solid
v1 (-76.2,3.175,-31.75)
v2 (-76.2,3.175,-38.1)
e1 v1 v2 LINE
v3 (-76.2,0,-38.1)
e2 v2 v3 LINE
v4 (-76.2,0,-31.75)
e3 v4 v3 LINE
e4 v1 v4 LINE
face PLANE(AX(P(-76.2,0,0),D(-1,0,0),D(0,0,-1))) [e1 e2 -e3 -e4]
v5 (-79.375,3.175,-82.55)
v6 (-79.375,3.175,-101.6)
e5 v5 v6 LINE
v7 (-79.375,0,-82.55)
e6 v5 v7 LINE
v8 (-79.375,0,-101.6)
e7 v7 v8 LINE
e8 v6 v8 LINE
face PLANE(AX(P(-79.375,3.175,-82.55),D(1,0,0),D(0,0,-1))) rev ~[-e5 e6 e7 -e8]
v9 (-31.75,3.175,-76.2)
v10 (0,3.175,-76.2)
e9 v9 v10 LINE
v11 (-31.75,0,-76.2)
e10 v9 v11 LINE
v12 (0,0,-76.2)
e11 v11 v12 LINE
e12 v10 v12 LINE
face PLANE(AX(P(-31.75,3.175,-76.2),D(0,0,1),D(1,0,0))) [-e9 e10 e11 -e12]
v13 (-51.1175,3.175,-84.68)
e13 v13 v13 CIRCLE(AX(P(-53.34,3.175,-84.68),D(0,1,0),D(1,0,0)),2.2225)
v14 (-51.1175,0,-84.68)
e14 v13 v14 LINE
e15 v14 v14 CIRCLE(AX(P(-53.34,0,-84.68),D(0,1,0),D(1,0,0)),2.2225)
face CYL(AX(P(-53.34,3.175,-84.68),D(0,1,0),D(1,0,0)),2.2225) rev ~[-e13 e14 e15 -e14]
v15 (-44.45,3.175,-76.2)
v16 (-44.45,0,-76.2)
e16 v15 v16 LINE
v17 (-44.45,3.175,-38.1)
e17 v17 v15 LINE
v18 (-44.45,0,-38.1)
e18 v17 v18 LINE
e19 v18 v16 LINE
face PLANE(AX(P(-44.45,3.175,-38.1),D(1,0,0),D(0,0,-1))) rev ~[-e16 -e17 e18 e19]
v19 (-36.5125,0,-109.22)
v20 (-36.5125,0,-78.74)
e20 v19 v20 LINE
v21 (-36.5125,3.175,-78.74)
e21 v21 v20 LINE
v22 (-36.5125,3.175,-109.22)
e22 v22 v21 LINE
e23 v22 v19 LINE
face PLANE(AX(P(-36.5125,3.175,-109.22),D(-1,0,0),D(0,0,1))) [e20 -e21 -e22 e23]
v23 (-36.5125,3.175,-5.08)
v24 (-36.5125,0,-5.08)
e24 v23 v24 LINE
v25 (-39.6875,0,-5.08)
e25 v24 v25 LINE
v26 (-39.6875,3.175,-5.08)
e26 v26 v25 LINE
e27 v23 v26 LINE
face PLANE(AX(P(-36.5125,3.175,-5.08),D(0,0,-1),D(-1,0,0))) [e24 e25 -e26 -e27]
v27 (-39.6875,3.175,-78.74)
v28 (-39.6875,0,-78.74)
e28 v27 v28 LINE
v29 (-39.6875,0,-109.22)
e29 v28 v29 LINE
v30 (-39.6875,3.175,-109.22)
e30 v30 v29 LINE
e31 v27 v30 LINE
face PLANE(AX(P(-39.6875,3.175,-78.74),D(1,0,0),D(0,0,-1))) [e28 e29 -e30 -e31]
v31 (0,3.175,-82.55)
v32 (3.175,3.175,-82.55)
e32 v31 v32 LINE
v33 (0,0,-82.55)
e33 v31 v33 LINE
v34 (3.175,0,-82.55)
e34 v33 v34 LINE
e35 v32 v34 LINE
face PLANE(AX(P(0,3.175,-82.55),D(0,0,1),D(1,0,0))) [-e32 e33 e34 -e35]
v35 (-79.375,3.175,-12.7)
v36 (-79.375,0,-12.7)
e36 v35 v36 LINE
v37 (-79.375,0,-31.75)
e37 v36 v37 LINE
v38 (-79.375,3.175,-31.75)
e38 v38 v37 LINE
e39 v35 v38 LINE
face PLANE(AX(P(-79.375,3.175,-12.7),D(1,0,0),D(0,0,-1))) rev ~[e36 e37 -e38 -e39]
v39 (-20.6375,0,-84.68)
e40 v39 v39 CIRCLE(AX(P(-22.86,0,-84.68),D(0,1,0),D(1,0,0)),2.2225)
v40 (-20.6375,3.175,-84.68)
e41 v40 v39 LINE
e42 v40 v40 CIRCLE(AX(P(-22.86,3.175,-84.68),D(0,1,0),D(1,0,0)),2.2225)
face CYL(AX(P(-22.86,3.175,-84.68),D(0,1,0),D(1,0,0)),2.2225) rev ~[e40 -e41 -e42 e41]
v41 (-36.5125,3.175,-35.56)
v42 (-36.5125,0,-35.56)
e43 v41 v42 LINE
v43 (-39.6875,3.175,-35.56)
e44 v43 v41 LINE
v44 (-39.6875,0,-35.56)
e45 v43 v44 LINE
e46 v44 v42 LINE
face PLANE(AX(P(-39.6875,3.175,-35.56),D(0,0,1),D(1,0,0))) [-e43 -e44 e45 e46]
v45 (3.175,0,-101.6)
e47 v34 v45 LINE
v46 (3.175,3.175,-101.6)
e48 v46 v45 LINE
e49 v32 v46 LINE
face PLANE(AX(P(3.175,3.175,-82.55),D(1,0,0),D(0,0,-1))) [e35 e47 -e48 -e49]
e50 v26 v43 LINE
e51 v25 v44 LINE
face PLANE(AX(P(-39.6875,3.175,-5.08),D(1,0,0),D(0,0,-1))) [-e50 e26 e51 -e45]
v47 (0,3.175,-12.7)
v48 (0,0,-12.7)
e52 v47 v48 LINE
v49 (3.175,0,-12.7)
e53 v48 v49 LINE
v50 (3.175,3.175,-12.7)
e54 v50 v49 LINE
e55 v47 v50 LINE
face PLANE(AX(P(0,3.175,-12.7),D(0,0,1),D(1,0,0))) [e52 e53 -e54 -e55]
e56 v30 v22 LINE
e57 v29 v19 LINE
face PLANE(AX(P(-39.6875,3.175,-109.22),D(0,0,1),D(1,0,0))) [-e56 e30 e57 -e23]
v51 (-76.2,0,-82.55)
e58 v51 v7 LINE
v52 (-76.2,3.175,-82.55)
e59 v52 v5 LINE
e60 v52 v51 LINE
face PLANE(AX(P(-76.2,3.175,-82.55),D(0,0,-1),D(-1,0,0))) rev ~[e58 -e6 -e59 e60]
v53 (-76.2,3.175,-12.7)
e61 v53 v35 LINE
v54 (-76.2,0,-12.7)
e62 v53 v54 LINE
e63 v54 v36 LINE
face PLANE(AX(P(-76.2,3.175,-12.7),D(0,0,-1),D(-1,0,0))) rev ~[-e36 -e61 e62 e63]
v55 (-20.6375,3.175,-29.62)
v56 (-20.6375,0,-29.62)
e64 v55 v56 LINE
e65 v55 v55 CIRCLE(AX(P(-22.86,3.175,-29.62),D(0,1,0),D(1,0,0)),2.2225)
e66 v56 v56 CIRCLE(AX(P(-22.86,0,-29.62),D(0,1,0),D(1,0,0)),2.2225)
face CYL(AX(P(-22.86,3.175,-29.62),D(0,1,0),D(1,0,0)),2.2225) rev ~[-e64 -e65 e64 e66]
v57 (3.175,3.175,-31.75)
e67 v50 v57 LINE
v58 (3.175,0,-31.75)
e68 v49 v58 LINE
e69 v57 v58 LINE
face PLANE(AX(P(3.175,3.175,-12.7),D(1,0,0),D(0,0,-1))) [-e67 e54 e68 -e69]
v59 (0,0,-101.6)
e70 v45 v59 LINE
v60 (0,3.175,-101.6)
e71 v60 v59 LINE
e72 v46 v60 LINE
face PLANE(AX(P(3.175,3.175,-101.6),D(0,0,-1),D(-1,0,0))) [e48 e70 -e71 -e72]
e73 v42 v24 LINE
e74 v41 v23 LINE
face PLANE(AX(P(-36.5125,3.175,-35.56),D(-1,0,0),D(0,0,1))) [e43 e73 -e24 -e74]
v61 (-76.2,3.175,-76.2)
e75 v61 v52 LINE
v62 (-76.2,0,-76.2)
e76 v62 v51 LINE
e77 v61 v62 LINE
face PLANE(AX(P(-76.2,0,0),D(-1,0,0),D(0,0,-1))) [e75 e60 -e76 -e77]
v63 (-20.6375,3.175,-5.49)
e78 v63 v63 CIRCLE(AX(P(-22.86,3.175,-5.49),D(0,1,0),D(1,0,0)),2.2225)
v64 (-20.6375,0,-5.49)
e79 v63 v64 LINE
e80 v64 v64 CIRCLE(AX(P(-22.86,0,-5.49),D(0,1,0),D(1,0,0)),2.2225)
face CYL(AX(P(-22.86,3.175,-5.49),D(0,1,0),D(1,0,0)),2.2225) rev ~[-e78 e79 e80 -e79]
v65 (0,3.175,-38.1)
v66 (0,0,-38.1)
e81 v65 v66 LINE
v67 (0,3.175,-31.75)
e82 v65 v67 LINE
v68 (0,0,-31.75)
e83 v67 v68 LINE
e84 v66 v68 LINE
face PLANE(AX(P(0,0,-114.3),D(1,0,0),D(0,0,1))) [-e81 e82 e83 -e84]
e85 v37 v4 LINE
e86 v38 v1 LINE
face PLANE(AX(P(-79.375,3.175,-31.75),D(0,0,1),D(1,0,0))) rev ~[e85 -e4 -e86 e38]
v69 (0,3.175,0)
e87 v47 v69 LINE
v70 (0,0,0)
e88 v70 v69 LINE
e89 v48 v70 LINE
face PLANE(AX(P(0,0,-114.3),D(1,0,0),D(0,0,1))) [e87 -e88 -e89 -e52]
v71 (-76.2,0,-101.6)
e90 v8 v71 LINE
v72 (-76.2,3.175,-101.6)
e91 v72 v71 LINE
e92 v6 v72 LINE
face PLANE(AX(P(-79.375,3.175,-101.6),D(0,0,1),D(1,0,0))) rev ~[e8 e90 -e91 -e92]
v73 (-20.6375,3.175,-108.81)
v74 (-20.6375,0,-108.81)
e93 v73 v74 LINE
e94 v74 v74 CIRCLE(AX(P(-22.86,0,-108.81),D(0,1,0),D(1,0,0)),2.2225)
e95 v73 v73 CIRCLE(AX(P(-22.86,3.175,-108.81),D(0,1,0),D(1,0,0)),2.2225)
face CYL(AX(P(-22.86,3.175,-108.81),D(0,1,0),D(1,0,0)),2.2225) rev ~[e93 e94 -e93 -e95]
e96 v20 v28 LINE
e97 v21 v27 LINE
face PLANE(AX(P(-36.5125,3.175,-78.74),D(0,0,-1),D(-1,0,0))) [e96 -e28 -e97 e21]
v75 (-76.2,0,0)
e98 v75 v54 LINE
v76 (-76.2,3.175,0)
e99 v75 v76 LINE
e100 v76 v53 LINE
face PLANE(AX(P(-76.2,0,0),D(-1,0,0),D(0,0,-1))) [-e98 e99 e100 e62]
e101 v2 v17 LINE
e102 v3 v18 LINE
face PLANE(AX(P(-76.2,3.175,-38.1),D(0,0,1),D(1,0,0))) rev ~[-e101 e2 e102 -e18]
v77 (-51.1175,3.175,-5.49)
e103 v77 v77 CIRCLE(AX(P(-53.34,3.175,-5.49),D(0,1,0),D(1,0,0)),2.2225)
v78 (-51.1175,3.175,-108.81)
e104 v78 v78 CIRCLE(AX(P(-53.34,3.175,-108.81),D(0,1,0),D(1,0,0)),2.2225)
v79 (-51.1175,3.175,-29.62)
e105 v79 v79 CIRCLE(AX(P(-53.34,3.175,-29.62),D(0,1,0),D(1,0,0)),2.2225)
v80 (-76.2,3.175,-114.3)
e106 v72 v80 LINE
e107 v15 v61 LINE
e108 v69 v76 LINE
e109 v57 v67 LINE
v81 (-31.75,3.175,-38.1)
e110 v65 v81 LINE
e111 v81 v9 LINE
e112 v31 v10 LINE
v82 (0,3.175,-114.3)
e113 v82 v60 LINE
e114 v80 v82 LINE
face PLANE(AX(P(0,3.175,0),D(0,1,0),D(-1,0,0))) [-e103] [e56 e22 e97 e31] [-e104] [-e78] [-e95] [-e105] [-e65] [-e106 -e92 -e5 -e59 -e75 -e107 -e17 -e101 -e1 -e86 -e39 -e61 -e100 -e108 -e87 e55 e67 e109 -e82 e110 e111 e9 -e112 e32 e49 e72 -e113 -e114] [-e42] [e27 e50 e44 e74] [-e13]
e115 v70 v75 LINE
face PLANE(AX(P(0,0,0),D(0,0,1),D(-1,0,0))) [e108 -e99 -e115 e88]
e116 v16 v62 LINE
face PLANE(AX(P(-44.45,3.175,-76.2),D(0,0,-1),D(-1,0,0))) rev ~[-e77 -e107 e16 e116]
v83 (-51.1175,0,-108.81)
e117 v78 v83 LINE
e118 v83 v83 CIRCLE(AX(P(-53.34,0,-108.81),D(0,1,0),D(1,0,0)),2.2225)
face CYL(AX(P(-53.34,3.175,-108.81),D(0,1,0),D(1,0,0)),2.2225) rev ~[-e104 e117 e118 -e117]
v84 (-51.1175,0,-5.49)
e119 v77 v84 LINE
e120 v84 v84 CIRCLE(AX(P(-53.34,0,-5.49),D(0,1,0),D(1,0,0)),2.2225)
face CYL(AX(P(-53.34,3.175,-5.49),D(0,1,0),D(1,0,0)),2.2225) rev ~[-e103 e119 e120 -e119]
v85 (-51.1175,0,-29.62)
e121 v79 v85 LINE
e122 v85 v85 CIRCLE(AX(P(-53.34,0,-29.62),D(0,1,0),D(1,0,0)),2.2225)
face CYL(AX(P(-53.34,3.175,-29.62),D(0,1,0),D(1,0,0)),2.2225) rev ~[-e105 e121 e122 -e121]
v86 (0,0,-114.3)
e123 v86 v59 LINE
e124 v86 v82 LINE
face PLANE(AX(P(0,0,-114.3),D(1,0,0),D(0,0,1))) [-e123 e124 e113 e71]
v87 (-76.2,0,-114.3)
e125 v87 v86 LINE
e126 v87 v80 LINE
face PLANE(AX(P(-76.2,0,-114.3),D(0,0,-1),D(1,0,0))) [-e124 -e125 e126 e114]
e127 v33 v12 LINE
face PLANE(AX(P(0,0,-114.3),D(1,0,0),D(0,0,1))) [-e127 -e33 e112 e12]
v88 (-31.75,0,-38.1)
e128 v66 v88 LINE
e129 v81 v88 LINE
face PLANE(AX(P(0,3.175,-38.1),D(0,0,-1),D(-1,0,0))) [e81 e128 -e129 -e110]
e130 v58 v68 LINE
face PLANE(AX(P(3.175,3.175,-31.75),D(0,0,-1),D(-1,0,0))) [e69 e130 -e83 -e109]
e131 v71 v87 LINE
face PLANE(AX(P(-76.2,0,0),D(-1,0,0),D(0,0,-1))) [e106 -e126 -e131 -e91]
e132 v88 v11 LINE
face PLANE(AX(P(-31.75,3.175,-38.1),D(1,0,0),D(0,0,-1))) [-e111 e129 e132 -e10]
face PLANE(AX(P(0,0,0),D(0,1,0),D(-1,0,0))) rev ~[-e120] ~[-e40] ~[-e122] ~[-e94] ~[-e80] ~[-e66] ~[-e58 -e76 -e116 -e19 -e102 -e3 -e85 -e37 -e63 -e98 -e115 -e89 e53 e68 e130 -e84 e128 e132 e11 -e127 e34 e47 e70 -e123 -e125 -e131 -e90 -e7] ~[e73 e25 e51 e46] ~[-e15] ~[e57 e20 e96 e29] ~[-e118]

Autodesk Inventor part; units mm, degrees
ref_plane "YZ Plane" through (0, 0, 0) normal (1, 0, 0) x (0, 1, 0)
ref_plane "XZ Plane" through (0, 0, 0) normal (0, 1, 0) x (-1, 0, 0)
ref_plane "XY Plane" through (0, 0, 0) normal (0, 0, 1) x (1, 0, 0)
sketch "Sketch1" plane through (0, 0, 0) normal (0, 1, 0) x (-1, 0, 0)
  line L0 (0, 0) -> (76.2, 0)
  line L1 (76.2, 0) -> (76.2, -114.3)
  line L2 (76.2, -114.3) -> (0, -114.3)
  line L3 (0, -114.3) -> (0, 0)
  dimension "d0" = 76.2
  dimension "d1" = 114.3
extrude "Extrusion1" add sketch "Sketch1" along normal blind 3.175
sketch "Sketch2" plane through (0, 3.175, 0) normal (0, 1, 0) x (1, 0, 0)
  line L0 (0, 12.7) -> (3.175, 12.7)
  line L1 (3.175, 12.7) -> (3.175, 31.75)
  line L2 (3.175, 31.75) -> (0, 31.75)
  line L3 (0, 31.75) -> (0, 12.7)
  line L4 (0, 0) -> (0, 114.3) projected
  line L5 (0, 82.55) -> (3.175, 82.55)
  line L6 (3.175, 82.55) -> (3.175, 101.6)
  line L7 (3.175, 101.6) -> (0, 101.6)
  line L8 (0, 101.6) -> (0, 82.55)
  line L9 (-76.2, 0) -> (0, 0) projected
  line L10 (0, 114.3) -> (-76.2, 114.3) projected
  line L11 (-38.1, 0) -> (-38.1, 114.3)
  line L12 (-76.2, 12.7) -> (-79.375, 12.7)
  line L13 (-79.375, 12.7) -> (-79.375, 31.75)
  line L14 (-79.375, 31.75) -> (-76.2, 31.75)
  line L15 (-76.2, 31.75) -> (-76.2, 12.7)
  line L16 (-76.2, 0) -> (-76.2, 114.3)
  line L17 (-76.2, 82.55) -> (-79.375, 82.55)
  line L18 (-79.375, 82.55) -> (-79.375, 101.6)
  line L19 (-79.375, 101.6) -> (-76.2, 101.6)
  line L20 (-76.2, 101.6) -> (-76.2, 82.55)
  dimension "d4" = 19.05
  dimension "d5" = 19.05
  dimension "d6" = 12.7
  dimension "d7" = 12.7
  dimension "d8" = 3.175
  dimension "d9" = 3.175
  dimension "d10" = 0
extrude "Extrusion2" add sketch "Sketch2" against normal blind 3.175 contours L3 L2 L1 L0 | L4 L7 L6 L5 | L12 L13 L14 L15 | L16 L17 L18 L19
sketch "Sketch3" plane through (0, 3.175, 0) normal (0, 1, 0) x (1, 0, 0)
  line L0 (0, 82.55) -> (0, 31.75) projected
  line L1 (0, 38.1) -> (-31.75, 38.1)
  line L2 (-31.75, 38.1) -> (-31.75, 76.2)
  line L3 (-31.75, 76.2) -> (0, 76.2)
  line L4 (0, 76.2) -> (0, 38.1)
  line L5 (0, 82.55) -> (3.175, 82.55) projected
  line L6 (3.175, 31.75) -> (0, 31.75) projected
  line L7 (-76.2, 0) -> (0, 0) projected
  line L8 (-38.1, 0) -> (-38.1, 114.3) construction
  line L9 (0, 114.3) -> (-76.2, 114.3) projected
  line L10 (-76.2, 82.55) -> (-76.2, 31.75)
  line L11 (-76.2, 38.1) -> (-44.45, 38.1)
  line L12 (-44.45, 38.1) -> (-44.45, 76.2)
  line L13 (-44.45, 76.2) -> (-76.2, 76.2)
  line L14 (-76.2, 76.2) -> (-76.2, 38.1)
  line L15 (-76.2, 82.55) -> (-79.375, 82.55)
  line L16 (-79.375, 31.75) -> (-76.2, 31.75)
  dimension "d13" = 6.35
  dimension "d14" = 6.35
  dimension "d15" = 31.75
extrude "Extrusion3" cut sketch "Sketch3" against normal blind 3.175
sketch "Sketch4" plane through (0, 3.175, 0) normal (0, 1, 0) x (1, 0, 0)
  circle A0 centre (-22.86, 84.68) radius 2.2225
  circle A1 centre (-22.86, 108.81) radius 2.2225
  circle A2 centre (-53.34, 108.81) radius 2.2225
  line L0 (-31.75, 57.15) -> (-44.45, 57.15) construction
  line L1 (0, 101.6) -> (0, 114.3) projected
  circle A3 centre (-53.34, 84.68) radius 2.2225
  circle A4 centre (-22.86, 29.62) radius 2.2225
  circle A5 centre (-22.86, 5.49) radius 2.2225
  circle A6 centre (-53.34, 5.49) radius 2.2225
  circle A7 centre (-53.34, 29.62) radius 2.2225
  point P0 (0, 0)
  dimension "d24" = 4.445
  dimension "d25" = 4.445
  dimension "d26" = 4.445
  dimension "d30" = 24.13
  dimension "d33" = 30.48
  dimension "d36" = 30.48
  dimension "d37" = 22.86
  dimension "d38" = 4.445
extrude "Extrusion4" cut sketch "Sketch4" against normal blind 3.175
sketch "Sketch5" plane through (0, 3.175, 0) normal (0, 1, 0) x (1, 0, 0)
  line L0 (-36.5125, 5.08) -> (-39.6875, 5.08)
  line L1 (-39.6875, 5.08) -> (-39.6875, 35.56)
  line L2 (-39.6875, 35.56) -> (-36.5125, 35.56)
  line L3 (-36.5125, 35.56) -> (-36.5125, 5.08)
  line L4 (-36.5125, 78.74) -> (-39.6875, 78.74)
  line L5 (-39.6875, 78.74) -> (-39.6875, 109.22)
  line L6 (-39.6875, 109.22) -> (-36.5125, 109.22)
  line L7 (-36.5125, 109.22) -> (-36.5125, 78.74)
  line L8 (-76.2, 0) -> (0, 0) projected
  line L9 (0, 114.3) -> (-76.2, 114.3) projected
  line L10 (0, 101.6) -> (0, 114.3) projected
  dimension "d39" = 3.175
  dimension "d40" = 5.08
  dimension "d41" = 5.08
  dimension "d42" = 30.48
  dimension "d43" = 30.48
  dimension "d44" = 36.5125
extrude "Extrusion5" cut sketch "Sketch5" against normal blind 3.175
properties part number "base"
